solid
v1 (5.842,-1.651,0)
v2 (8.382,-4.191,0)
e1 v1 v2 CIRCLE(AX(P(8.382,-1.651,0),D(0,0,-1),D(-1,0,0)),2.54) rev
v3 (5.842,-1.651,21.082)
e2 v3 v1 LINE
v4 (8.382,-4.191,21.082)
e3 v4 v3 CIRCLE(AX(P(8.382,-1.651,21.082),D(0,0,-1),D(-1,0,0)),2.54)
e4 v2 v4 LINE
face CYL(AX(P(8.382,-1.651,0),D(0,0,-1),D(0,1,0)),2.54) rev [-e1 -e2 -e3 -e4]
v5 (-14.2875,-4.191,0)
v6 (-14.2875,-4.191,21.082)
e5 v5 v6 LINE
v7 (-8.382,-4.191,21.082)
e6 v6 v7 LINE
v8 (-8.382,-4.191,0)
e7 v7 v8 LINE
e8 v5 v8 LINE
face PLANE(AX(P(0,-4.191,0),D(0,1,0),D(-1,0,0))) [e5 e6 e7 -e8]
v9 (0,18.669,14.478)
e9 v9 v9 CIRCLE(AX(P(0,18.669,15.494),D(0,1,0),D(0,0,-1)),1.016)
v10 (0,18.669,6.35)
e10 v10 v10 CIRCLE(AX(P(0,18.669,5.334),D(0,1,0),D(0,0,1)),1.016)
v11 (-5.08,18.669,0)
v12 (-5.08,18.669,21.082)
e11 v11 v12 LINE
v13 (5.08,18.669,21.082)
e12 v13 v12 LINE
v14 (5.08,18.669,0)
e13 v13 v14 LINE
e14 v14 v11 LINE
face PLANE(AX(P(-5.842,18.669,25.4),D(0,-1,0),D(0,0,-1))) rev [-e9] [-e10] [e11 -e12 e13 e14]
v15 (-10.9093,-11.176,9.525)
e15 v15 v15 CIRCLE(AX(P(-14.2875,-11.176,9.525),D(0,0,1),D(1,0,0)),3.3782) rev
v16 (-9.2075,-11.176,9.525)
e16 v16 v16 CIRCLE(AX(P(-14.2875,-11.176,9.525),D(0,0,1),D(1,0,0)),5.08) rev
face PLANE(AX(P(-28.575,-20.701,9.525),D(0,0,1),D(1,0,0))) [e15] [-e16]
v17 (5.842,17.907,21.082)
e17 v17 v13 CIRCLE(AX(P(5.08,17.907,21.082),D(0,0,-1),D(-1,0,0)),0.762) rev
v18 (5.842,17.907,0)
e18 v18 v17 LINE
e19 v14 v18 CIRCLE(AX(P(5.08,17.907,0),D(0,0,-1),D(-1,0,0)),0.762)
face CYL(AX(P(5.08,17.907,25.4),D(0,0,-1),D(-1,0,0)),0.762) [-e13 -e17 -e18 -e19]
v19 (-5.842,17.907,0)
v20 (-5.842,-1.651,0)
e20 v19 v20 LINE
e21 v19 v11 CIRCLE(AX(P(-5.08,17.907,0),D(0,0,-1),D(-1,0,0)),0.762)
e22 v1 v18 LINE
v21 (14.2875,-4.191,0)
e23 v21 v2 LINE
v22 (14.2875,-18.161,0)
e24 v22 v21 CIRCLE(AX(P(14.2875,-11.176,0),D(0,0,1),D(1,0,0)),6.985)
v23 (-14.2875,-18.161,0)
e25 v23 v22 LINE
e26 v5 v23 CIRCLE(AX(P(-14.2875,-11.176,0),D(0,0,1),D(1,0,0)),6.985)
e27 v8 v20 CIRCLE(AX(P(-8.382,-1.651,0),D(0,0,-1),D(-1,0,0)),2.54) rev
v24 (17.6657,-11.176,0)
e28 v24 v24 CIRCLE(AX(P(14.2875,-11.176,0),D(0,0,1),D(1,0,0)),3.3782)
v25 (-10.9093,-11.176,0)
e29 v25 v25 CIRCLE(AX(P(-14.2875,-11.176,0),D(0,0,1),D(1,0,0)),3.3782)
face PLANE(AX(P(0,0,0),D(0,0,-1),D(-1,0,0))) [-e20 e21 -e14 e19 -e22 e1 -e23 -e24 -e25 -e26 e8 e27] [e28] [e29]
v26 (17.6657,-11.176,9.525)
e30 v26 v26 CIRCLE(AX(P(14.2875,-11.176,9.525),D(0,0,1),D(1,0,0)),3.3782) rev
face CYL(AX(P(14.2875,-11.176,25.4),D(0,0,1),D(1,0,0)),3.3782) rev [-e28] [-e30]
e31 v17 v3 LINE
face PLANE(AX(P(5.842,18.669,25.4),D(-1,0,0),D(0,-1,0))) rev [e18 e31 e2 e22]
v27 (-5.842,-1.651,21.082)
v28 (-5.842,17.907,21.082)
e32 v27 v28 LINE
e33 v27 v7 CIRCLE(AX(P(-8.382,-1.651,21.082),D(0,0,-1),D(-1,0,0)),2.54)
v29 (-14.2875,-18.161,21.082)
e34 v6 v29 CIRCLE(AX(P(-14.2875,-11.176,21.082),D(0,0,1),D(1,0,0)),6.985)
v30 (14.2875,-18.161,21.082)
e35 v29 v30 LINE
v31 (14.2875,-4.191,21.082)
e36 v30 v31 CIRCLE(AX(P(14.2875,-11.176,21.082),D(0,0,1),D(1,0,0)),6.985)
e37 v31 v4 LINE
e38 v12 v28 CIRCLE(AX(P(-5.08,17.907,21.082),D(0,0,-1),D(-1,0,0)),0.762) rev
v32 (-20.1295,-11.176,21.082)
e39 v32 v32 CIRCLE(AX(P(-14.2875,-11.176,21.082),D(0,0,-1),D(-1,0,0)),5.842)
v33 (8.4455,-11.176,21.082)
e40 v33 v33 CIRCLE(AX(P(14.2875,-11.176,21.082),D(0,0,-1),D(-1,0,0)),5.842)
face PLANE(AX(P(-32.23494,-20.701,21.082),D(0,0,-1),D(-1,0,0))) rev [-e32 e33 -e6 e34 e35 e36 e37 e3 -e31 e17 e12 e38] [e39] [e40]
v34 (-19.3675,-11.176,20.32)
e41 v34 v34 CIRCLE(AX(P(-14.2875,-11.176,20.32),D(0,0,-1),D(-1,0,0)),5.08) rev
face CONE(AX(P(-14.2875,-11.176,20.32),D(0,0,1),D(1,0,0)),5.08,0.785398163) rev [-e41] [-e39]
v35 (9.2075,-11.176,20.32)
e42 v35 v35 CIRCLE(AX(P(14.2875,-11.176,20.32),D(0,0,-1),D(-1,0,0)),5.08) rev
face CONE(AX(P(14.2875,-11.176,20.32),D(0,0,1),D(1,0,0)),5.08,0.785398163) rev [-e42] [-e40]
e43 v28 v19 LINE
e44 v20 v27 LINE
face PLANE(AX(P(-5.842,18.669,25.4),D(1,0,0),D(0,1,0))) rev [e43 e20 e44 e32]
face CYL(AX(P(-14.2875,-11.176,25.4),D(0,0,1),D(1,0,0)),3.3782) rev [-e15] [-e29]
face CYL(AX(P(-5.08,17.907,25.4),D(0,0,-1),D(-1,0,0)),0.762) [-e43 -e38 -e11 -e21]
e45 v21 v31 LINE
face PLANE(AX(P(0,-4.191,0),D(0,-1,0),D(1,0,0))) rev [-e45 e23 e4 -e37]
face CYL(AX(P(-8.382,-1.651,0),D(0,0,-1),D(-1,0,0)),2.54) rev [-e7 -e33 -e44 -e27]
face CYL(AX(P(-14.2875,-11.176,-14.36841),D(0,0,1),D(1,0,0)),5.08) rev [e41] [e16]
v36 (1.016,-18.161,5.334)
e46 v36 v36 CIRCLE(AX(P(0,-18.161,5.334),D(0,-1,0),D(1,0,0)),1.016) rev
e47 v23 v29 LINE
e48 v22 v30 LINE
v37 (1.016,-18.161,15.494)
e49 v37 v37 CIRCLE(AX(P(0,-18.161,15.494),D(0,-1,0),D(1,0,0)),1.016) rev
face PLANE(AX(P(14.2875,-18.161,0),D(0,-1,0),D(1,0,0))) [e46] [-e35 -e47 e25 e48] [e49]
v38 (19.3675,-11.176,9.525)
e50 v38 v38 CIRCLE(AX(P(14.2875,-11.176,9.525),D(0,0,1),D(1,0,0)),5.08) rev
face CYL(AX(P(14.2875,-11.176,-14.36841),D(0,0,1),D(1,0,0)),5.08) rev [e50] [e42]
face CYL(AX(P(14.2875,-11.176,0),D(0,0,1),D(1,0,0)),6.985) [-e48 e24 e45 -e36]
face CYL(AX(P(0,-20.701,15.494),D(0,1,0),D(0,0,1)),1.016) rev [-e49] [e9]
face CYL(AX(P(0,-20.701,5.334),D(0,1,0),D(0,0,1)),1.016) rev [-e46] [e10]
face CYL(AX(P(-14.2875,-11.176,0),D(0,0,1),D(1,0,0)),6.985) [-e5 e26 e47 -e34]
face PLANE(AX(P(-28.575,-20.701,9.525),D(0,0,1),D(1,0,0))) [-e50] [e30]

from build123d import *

# Parameters (mm, degrees)
SKETCH1_R                                        = 1.27
BOSS_EXTRUDE1_DEPTH                              = 25.4
CSK_FOR_1_4_FLAT_HEAD_MACHINE_SCREW1_D           = 6.7564
CSK_FOR_1_4_FLAT_HEAD_MACHINE_SCREW1_CSINK_D     = 13.3194044
CSK_FOR_1_4_FLAT_HEAD_MACHINE_SCREW1_CSINK_ANGLE = 82
SKETCH4_R                                        = 1.016
CUT_EXTRUDE1_DEPTH                               = 40.37
SKETCH5_W                                        = 65.738203623
SKETCH5_H                                        = 8.173238607
CUT_EXTRUDE2_DEPTH                               = 40.37
FILLET1_R                                        = 0.762
SKETCH8_W                                        = 13.691843982
SKETCH8_H                                        = 25.635792988
SKETCH8_W_2                                      = 17.381844488
SKETCH8_H_2                                      = 26.703951029
CUT_EXTRUDE3_DEPTH                               = 22.082
SKETCH9_R                                        = 5.08
CUT_EXTRUDE4_DEPTH                               = 11.557
CHAMFER1_SIZE                                    = 0.762
SKETCH10_W                                       = 31.402844339
SKETCH10_H                                       = 33.249058222
SKETCH10_W_2                                     = 26.204679654
SKETCH10_H_2                                     = 29.468553059
CUT_EXTRUDE5_DEPTH                               = 2.54
SKETCH11_W                                       = 51.569967854
SKETCH11_H                                       = 49.340439169
CUT_EXTRUDE6_DEPTH                               = 22.082
FILLET3_R                                        = 2.54


with BuildPart() as part:
    # Sketch1 → Boss-Extrude1 (new body)
    with BuildSketch(Plane.XY):
        Polygon((-5.842, 18.669), (-5.842, -1.651), (-28.575, -1.651), (-28.575, -20.701), (28.575, -20.701), (28.575, -1.651), (5.842, -1.651), (5.842, 18.669), align=None)
        with Locations((14.2875, -11.176)):
            Circle(SKETCH1_R, mode=Mode.SUBTRACT)
        with Locations((-14.2875, -11.176)):
            Circle(SKETCH1_R, mode=Mode.SUBTRACT)
    extrude(amount=BOSS_EXTRUDE1_DEPTH)

    # CSK for 1/4 Flat Head Machine Screw1 (through all)
    with Locations(Plane.XY.offset(25.4)):
        with Locations((-14.2875, -11.176), (14.2875, -11.176)):
            CounterSinkHole(CSK_FOR_1_4_FLAT_HEAD_MACHINE_SCREW1_D / 2, CSK_FOR_1_4_FLAT_HEAD_MACHINE_SCREW1_CSINK_D / 2, counter_sink_angle=CSK_FOR_1_4_FLAT_HEAD_MACHINE_SCREW1_CSINK_ANGLE)

    # Sketch4 → Cut-Extrude1 (cut, through all)
    with BuildSketch(Plane(origin=(0, 18.669, 0), x_dir=(1, 0, 0), z_dir=(0, 1, 0))):
        with Locations(Location((0, -5.334, 0), (0, 0, 270))):  # turned: the seam where the file's is
            Circle(SKETCH4_R)
        with Locations(Location((0, -15.494, 0), (0, 0, 90))):  # turned: the seam where the file's is
            Circle(SKETCH4_R)
    extrude(amount=-CUT_EXTRUDE1_DEPTH, mode=Mode.SUBTRACT)

    # Sketch5 → Cut-Extrude2 (cut, through all)
    with BuildSketch(Plane(origin=(0, 18.669, 0), x_dir=(1, 0, 0), z_dir=(0, 1, 0))):
        with Locations((0.634161588, -25.168619304)):
            Rectangle(SKETCH5_W, SKETCH5_H)
    extrude(amount=-CUT_EXTRUDE2_DEPTH, mode=Mode.SUBTRACT)

    # Fillet1
    fillet1_edges = [part.edges().sort_by_distance(p)[0] for p in [
        (-5.842, 18.669, 10.541),
        (5.842, 18.669, 10.541),
    ]]
    fillet(fillet1_edges, radius=FILLET1_R)

    # Sketch8 → Cut-Extrude3 (cut, through all)
    with BuildSketch(Plane.XY.offset(21.082)):
        with Locations((30.340921991, -12.055237245)):
            Rectangle(SKETCH8_W, SKETCH8_H)
        with Locations((-32.185922244, -9.773263248)):
            Rectangle(SKETCH8_W_2, SKETCH8_H_2)
    extrude(amount=-CUT_EXTRUDE3_DEPTH, mode=Mode.SUBTRACT)

    # Sketch9 → Cut-Extrude4 (cut)
    with BuildSketch(Plane.XY.offset(21.082)):
        with Locations((14.2875, -11.176)):
            Circle(SKETCH9_R)
        with Locations((-14.2875, -11.176)):
            Circle(SKETCH9_R)
    extrude(amount=-CUT_EXTRUDE4_DEPTH, mode=Mode.SUBTRACT)

    # Chamfer1
    chamfer1_edges = [part.edges().sort_by_distance(p)[0] for p in [
        (9.2075, -11.176, 21.082),
        (-19.3675, -11.176, 21.082),
        (0, -20.701, 4.318),
        (0, -20.701, 16.51),
    ]]
    chamfer(chamfer1_edges, length=CHAMFER1_SIZE)

    # Sketch10 → Cut-Extrude5 (cut)
    with BuildSketch(Plane(origin=(0, -1.651, 0), x_dir=(1, 0, 0), z_dir=(0, 1, 0))):
        with Locations((-21.54342217, -13.037102767)):
            Rectangle(SKETCH10_W, SKETCH10_H)
        with Locations((18.944339827, -12.019274454)):
            Rectangle(SKETCH10_W_2, SKETCH10_H_2)
    extrude(amount=-CUT_EXTRUDE5_DEPTH, mode=Mode.SUBTRACT)

    # Sketch11 → Cut-Extrude6 (cut, through all)
    with BuildSketch(Plane.XY.offset(21.082)):
        with Locations((0.48369004, -1.756987777)):
            Rectangle(SKETCH11_W, SKETCH11_H)
        with BuildLine():
            Line((14.2875, -4.191), (5.842, -4.191))
            Line((5.842, -4.191), (5.842, 17.907))
            ThreePointArc((5.842, 17.907), (5.618815367, 18.445815367), (5.08, 18.669))
            Line((5.08, 18.669), (-5.08, 18.669))
            ThreePointArc((-5.08, 18.669), (-5.618815367, 18.445815367), (-5.842, 17.907))
            Line((-5.842, 17.907), (-5.842, -4.191))
            Line((-5.842, -4.191), (-14.2875, -4.191))
            ThreePointArc((-14.2875, -4.191), (-21.2725, -11.176), (-14.2875, -18.161))
            Line((-14.2875, -18.161), (14.2875, -18.161))
            ThreePointArc((14.2875, -18.161), (21.2725, -11.176), (14.2875, -4.191))
        make_face(mode=Mode.SUBTRACT)
    extrude(amount=-CUT_EXTRUDE6_DEPTH, mode=Mode.SUBTRACT)

    # Fillet3
    fillet3_edges = [part.edges().sort_by_distance(p)[0] for p in [
        (-5.842, -4.191, 10.541),
        (5.842, -4.191, 10.541),
    ]]
    fillet(fillet3_edges, radius=FILLET3_R)


solid = part.part
